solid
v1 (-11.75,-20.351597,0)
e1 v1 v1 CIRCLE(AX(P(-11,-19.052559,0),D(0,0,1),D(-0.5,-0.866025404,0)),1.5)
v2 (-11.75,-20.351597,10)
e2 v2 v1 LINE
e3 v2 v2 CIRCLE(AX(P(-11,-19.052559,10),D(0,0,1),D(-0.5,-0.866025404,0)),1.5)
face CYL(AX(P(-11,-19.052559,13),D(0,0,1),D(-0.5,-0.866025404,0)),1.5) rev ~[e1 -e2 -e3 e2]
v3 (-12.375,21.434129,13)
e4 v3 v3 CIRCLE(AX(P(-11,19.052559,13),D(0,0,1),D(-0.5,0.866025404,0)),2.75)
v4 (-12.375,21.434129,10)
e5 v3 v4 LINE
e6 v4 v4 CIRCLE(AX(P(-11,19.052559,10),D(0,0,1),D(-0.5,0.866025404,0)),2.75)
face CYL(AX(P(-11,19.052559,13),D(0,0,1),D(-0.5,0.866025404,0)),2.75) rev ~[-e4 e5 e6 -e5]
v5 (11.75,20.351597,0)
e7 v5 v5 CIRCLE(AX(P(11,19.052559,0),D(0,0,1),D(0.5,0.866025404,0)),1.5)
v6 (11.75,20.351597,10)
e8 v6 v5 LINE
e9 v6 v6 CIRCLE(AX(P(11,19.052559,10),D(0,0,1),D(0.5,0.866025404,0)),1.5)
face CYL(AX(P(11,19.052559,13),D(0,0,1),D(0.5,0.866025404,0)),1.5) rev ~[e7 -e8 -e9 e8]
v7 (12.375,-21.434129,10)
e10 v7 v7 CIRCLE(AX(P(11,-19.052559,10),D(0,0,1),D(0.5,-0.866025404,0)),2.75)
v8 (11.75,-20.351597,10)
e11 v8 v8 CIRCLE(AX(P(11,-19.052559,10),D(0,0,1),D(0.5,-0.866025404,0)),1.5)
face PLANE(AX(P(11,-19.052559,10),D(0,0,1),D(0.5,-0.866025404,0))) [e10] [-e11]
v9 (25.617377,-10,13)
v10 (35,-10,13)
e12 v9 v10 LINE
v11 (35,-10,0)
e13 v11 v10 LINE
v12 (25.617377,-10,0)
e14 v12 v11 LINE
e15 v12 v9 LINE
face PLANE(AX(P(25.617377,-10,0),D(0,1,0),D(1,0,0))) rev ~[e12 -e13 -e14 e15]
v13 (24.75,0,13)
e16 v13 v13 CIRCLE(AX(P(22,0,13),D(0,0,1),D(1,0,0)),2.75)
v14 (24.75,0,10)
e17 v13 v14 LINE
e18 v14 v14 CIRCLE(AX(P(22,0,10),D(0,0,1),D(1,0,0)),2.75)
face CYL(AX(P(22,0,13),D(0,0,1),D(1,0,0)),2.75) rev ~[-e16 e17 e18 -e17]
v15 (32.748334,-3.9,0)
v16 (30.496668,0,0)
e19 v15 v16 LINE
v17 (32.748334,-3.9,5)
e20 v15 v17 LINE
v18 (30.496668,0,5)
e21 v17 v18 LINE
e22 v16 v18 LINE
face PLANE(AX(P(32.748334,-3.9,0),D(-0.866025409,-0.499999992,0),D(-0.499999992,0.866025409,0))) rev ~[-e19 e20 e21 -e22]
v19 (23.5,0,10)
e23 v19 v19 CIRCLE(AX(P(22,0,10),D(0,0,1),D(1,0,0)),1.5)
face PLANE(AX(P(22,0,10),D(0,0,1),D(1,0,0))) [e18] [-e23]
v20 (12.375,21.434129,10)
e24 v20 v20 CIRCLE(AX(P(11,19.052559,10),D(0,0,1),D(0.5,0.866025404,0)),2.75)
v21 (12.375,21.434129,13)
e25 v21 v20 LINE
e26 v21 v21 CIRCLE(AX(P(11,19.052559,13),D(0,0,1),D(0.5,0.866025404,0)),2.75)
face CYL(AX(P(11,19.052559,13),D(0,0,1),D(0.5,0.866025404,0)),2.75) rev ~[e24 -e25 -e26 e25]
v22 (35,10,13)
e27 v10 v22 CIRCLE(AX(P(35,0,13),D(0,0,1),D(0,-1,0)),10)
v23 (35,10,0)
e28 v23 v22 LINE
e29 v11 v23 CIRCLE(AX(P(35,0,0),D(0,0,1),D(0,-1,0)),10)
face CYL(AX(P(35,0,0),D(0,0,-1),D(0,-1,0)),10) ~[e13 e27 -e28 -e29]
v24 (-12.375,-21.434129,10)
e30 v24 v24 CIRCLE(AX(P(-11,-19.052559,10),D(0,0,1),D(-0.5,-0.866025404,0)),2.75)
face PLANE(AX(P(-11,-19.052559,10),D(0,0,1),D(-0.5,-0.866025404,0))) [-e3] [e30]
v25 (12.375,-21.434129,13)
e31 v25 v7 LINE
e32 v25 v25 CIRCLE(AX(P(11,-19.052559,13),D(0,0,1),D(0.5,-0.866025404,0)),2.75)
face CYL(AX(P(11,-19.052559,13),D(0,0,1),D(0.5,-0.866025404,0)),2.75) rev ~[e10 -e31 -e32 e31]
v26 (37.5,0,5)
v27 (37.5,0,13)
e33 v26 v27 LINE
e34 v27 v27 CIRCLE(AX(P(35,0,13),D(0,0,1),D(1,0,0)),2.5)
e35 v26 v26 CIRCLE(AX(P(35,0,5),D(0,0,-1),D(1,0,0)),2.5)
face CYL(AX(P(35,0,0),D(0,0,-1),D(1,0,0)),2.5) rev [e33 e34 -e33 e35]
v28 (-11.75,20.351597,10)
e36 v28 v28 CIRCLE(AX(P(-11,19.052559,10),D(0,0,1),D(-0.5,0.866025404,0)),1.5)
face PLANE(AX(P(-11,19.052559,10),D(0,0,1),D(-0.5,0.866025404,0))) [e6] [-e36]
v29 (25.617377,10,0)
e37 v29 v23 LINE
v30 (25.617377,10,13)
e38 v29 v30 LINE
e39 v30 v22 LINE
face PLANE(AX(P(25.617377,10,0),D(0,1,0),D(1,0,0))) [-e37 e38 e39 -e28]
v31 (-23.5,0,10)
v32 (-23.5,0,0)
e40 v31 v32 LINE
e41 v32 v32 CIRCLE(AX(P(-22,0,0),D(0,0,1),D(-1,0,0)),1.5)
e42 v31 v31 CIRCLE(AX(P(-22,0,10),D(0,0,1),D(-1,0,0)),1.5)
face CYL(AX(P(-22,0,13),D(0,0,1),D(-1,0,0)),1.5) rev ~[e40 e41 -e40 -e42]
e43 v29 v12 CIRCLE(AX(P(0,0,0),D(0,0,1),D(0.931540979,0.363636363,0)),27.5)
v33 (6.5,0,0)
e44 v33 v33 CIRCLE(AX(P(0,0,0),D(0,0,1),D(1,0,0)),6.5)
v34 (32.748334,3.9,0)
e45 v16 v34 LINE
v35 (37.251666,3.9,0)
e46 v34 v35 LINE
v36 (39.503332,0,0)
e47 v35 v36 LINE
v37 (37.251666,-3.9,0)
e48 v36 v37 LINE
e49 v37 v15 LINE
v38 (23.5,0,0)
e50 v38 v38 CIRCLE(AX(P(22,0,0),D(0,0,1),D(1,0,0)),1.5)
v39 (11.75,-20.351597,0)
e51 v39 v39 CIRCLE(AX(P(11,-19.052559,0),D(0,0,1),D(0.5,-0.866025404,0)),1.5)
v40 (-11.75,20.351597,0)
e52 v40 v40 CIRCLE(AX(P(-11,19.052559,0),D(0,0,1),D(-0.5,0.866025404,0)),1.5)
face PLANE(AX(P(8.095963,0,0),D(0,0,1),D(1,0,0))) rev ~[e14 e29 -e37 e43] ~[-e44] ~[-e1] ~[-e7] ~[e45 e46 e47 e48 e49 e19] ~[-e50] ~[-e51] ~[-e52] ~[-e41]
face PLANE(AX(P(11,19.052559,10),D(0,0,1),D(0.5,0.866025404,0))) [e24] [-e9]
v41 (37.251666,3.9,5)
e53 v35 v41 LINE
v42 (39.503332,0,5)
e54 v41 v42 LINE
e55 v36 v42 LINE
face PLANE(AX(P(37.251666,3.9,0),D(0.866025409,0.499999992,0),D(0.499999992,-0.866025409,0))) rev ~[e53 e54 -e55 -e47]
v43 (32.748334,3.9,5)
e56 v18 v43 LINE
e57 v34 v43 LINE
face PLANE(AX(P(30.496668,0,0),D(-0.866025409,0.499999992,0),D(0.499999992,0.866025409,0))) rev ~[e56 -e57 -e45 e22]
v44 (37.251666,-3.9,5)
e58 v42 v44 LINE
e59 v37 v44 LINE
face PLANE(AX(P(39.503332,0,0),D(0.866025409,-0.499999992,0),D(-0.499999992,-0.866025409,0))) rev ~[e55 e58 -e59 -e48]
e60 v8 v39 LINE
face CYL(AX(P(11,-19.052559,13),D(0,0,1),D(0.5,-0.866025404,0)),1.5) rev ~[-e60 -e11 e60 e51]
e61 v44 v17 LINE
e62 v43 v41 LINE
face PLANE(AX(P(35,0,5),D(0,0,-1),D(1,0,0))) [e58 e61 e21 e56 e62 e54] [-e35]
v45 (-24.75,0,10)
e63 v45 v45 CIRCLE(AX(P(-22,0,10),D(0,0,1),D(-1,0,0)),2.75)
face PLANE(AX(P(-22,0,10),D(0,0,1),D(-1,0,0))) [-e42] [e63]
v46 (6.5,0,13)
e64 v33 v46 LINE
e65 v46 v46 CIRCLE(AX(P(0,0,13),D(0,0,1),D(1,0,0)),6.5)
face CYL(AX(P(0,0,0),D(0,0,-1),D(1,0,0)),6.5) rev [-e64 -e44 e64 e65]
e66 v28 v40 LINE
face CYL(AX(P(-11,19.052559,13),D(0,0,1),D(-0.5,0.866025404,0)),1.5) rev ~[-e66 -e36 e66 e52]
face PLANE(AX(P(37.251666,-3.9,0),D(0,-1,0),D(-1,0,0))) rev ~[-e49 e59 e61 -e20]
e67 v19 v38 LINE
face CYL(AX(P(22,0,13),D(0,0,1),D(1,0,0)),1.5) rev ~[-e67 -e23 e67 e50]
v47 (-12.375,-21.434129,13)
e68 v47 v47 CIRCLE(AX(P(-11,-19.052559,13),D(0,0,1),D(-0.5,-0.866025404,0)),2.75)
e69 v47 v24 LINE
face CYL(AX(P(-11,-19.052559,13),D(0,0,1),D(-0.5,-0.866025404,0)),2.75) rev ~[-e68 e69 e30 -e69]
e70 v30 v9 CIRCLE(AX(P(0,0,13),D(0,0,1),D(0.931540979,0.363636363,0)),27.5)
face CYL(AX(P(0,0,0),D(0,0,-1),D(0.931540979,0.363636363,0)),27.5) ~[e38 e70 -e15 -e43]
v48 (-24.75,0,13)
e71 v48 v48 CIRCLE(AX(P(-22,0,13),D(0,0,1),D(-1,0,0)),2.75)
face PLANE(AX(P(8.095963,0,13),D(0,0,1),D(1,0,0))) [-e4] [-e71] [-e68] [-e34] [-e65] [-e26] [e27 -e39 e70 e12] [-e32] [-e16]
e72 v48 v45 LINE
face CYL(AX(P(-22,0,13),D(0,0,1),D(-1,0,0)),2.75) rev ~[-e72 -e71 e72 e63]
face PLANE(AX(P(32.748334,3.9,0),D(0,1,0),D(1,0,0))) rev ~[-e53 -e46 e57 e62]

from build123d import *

# Parameters (mm, degrees)
SKETCH_R              = 6.5
SKETCH_R_2            = 2.5
PAD_DEPTH             = 13
SKETCH001_R           = 1.5
POCKET_DEPTH          = 20
POLARPATTERN_COUNT    = 6
SKETCH002_R           = 2.75
POCKET001_DEPTH       = 3
POLARPATTERN001_COUNT = 6
POCKET002_DEPTH       = 5


with BuildPart() as part:
    # Sketch → Pad (new body)
    with BuildSketch(Plane.XY):
        with BuildLine():
            ThreePointArc((25.617377, 10), (-27.5, 0), (25.617377, -10))
            Line((25.617377, -10), (35, -10))
            ThreePointArc((35, -10), (45, 0), (35, 10))
            Line((25.617377, 10), (35, 10))
        make_face()
        Circle(SKETCH_R, mode=Mode.SUBTRACT)
        with Locations((35, 0)):
            Circle(SKETCH_R_2, mode=Mode.SUBTRACT)
    extrude(amount=PAD_DEPTH)

    # Sketch001 (on Face8 of Pad) → Pocket (cut)
    with BuildSketch(Plane.XY.offset(13)):
        with Locations((22, 0)):
            Circle(SKETCH001_R)
    pocket = extrude(amount=-POCKET_DEPTH, mode=Mode.SUBTRACT)

    # PolarPattern: Pocket ×6 about axis
    polarpattern_axis = Axis((0, 0, 13), (0, 0, 1))
    for i in range(1, POLARPATTERN_COUNT):
        add(pocket.rotate(polarpattern_axis, i * 360 / POLARPATTERN_COUNT), mode=Mode.SUBTRACT)

    # Sketch002 (on Face5 of PolarPattern) → Pocket001 (cut)
    with BuildSketch(Plane.XY.offset(13)):
        with Locations((22, 0)):
            Circle(SKETCH002_R)
    pocket001 = extrude(amount=-POCKET001_DEPTH, mode=Mode.SUBTRACT)

    # PolarPattern001: Pocket001 ×6 about axis
    polarpattern001_axis = Axis((0, 0, 13), (0, 0, 1))
    for i in range(1, POLARPATTERN001_COUNT):
        add(pocket001.rotate(polarpattern001_axis, i * 360 / POLARPATTERN001_COUNT), mode=Mode.SUBTRACT)

    # Sketch003 (on Face4 of PolarPattern001) → Pocket002 (cut)
    with BuildSketch(Plane(origin=(0, 0, 0), x_dir=(1, 0, 0), z_dir=(0, 0, -1))):
        Polygon((39.503332, 0), (37.251666, 3.9), (32.748334, 3.9), (30.496668, 0), (32.748334, -3.9), (37.251666, -3.9), align=None)
    extrude(amount=-POCKET002_DEPTH, mode=Mode.SUBTRACT)


solid = part.part
